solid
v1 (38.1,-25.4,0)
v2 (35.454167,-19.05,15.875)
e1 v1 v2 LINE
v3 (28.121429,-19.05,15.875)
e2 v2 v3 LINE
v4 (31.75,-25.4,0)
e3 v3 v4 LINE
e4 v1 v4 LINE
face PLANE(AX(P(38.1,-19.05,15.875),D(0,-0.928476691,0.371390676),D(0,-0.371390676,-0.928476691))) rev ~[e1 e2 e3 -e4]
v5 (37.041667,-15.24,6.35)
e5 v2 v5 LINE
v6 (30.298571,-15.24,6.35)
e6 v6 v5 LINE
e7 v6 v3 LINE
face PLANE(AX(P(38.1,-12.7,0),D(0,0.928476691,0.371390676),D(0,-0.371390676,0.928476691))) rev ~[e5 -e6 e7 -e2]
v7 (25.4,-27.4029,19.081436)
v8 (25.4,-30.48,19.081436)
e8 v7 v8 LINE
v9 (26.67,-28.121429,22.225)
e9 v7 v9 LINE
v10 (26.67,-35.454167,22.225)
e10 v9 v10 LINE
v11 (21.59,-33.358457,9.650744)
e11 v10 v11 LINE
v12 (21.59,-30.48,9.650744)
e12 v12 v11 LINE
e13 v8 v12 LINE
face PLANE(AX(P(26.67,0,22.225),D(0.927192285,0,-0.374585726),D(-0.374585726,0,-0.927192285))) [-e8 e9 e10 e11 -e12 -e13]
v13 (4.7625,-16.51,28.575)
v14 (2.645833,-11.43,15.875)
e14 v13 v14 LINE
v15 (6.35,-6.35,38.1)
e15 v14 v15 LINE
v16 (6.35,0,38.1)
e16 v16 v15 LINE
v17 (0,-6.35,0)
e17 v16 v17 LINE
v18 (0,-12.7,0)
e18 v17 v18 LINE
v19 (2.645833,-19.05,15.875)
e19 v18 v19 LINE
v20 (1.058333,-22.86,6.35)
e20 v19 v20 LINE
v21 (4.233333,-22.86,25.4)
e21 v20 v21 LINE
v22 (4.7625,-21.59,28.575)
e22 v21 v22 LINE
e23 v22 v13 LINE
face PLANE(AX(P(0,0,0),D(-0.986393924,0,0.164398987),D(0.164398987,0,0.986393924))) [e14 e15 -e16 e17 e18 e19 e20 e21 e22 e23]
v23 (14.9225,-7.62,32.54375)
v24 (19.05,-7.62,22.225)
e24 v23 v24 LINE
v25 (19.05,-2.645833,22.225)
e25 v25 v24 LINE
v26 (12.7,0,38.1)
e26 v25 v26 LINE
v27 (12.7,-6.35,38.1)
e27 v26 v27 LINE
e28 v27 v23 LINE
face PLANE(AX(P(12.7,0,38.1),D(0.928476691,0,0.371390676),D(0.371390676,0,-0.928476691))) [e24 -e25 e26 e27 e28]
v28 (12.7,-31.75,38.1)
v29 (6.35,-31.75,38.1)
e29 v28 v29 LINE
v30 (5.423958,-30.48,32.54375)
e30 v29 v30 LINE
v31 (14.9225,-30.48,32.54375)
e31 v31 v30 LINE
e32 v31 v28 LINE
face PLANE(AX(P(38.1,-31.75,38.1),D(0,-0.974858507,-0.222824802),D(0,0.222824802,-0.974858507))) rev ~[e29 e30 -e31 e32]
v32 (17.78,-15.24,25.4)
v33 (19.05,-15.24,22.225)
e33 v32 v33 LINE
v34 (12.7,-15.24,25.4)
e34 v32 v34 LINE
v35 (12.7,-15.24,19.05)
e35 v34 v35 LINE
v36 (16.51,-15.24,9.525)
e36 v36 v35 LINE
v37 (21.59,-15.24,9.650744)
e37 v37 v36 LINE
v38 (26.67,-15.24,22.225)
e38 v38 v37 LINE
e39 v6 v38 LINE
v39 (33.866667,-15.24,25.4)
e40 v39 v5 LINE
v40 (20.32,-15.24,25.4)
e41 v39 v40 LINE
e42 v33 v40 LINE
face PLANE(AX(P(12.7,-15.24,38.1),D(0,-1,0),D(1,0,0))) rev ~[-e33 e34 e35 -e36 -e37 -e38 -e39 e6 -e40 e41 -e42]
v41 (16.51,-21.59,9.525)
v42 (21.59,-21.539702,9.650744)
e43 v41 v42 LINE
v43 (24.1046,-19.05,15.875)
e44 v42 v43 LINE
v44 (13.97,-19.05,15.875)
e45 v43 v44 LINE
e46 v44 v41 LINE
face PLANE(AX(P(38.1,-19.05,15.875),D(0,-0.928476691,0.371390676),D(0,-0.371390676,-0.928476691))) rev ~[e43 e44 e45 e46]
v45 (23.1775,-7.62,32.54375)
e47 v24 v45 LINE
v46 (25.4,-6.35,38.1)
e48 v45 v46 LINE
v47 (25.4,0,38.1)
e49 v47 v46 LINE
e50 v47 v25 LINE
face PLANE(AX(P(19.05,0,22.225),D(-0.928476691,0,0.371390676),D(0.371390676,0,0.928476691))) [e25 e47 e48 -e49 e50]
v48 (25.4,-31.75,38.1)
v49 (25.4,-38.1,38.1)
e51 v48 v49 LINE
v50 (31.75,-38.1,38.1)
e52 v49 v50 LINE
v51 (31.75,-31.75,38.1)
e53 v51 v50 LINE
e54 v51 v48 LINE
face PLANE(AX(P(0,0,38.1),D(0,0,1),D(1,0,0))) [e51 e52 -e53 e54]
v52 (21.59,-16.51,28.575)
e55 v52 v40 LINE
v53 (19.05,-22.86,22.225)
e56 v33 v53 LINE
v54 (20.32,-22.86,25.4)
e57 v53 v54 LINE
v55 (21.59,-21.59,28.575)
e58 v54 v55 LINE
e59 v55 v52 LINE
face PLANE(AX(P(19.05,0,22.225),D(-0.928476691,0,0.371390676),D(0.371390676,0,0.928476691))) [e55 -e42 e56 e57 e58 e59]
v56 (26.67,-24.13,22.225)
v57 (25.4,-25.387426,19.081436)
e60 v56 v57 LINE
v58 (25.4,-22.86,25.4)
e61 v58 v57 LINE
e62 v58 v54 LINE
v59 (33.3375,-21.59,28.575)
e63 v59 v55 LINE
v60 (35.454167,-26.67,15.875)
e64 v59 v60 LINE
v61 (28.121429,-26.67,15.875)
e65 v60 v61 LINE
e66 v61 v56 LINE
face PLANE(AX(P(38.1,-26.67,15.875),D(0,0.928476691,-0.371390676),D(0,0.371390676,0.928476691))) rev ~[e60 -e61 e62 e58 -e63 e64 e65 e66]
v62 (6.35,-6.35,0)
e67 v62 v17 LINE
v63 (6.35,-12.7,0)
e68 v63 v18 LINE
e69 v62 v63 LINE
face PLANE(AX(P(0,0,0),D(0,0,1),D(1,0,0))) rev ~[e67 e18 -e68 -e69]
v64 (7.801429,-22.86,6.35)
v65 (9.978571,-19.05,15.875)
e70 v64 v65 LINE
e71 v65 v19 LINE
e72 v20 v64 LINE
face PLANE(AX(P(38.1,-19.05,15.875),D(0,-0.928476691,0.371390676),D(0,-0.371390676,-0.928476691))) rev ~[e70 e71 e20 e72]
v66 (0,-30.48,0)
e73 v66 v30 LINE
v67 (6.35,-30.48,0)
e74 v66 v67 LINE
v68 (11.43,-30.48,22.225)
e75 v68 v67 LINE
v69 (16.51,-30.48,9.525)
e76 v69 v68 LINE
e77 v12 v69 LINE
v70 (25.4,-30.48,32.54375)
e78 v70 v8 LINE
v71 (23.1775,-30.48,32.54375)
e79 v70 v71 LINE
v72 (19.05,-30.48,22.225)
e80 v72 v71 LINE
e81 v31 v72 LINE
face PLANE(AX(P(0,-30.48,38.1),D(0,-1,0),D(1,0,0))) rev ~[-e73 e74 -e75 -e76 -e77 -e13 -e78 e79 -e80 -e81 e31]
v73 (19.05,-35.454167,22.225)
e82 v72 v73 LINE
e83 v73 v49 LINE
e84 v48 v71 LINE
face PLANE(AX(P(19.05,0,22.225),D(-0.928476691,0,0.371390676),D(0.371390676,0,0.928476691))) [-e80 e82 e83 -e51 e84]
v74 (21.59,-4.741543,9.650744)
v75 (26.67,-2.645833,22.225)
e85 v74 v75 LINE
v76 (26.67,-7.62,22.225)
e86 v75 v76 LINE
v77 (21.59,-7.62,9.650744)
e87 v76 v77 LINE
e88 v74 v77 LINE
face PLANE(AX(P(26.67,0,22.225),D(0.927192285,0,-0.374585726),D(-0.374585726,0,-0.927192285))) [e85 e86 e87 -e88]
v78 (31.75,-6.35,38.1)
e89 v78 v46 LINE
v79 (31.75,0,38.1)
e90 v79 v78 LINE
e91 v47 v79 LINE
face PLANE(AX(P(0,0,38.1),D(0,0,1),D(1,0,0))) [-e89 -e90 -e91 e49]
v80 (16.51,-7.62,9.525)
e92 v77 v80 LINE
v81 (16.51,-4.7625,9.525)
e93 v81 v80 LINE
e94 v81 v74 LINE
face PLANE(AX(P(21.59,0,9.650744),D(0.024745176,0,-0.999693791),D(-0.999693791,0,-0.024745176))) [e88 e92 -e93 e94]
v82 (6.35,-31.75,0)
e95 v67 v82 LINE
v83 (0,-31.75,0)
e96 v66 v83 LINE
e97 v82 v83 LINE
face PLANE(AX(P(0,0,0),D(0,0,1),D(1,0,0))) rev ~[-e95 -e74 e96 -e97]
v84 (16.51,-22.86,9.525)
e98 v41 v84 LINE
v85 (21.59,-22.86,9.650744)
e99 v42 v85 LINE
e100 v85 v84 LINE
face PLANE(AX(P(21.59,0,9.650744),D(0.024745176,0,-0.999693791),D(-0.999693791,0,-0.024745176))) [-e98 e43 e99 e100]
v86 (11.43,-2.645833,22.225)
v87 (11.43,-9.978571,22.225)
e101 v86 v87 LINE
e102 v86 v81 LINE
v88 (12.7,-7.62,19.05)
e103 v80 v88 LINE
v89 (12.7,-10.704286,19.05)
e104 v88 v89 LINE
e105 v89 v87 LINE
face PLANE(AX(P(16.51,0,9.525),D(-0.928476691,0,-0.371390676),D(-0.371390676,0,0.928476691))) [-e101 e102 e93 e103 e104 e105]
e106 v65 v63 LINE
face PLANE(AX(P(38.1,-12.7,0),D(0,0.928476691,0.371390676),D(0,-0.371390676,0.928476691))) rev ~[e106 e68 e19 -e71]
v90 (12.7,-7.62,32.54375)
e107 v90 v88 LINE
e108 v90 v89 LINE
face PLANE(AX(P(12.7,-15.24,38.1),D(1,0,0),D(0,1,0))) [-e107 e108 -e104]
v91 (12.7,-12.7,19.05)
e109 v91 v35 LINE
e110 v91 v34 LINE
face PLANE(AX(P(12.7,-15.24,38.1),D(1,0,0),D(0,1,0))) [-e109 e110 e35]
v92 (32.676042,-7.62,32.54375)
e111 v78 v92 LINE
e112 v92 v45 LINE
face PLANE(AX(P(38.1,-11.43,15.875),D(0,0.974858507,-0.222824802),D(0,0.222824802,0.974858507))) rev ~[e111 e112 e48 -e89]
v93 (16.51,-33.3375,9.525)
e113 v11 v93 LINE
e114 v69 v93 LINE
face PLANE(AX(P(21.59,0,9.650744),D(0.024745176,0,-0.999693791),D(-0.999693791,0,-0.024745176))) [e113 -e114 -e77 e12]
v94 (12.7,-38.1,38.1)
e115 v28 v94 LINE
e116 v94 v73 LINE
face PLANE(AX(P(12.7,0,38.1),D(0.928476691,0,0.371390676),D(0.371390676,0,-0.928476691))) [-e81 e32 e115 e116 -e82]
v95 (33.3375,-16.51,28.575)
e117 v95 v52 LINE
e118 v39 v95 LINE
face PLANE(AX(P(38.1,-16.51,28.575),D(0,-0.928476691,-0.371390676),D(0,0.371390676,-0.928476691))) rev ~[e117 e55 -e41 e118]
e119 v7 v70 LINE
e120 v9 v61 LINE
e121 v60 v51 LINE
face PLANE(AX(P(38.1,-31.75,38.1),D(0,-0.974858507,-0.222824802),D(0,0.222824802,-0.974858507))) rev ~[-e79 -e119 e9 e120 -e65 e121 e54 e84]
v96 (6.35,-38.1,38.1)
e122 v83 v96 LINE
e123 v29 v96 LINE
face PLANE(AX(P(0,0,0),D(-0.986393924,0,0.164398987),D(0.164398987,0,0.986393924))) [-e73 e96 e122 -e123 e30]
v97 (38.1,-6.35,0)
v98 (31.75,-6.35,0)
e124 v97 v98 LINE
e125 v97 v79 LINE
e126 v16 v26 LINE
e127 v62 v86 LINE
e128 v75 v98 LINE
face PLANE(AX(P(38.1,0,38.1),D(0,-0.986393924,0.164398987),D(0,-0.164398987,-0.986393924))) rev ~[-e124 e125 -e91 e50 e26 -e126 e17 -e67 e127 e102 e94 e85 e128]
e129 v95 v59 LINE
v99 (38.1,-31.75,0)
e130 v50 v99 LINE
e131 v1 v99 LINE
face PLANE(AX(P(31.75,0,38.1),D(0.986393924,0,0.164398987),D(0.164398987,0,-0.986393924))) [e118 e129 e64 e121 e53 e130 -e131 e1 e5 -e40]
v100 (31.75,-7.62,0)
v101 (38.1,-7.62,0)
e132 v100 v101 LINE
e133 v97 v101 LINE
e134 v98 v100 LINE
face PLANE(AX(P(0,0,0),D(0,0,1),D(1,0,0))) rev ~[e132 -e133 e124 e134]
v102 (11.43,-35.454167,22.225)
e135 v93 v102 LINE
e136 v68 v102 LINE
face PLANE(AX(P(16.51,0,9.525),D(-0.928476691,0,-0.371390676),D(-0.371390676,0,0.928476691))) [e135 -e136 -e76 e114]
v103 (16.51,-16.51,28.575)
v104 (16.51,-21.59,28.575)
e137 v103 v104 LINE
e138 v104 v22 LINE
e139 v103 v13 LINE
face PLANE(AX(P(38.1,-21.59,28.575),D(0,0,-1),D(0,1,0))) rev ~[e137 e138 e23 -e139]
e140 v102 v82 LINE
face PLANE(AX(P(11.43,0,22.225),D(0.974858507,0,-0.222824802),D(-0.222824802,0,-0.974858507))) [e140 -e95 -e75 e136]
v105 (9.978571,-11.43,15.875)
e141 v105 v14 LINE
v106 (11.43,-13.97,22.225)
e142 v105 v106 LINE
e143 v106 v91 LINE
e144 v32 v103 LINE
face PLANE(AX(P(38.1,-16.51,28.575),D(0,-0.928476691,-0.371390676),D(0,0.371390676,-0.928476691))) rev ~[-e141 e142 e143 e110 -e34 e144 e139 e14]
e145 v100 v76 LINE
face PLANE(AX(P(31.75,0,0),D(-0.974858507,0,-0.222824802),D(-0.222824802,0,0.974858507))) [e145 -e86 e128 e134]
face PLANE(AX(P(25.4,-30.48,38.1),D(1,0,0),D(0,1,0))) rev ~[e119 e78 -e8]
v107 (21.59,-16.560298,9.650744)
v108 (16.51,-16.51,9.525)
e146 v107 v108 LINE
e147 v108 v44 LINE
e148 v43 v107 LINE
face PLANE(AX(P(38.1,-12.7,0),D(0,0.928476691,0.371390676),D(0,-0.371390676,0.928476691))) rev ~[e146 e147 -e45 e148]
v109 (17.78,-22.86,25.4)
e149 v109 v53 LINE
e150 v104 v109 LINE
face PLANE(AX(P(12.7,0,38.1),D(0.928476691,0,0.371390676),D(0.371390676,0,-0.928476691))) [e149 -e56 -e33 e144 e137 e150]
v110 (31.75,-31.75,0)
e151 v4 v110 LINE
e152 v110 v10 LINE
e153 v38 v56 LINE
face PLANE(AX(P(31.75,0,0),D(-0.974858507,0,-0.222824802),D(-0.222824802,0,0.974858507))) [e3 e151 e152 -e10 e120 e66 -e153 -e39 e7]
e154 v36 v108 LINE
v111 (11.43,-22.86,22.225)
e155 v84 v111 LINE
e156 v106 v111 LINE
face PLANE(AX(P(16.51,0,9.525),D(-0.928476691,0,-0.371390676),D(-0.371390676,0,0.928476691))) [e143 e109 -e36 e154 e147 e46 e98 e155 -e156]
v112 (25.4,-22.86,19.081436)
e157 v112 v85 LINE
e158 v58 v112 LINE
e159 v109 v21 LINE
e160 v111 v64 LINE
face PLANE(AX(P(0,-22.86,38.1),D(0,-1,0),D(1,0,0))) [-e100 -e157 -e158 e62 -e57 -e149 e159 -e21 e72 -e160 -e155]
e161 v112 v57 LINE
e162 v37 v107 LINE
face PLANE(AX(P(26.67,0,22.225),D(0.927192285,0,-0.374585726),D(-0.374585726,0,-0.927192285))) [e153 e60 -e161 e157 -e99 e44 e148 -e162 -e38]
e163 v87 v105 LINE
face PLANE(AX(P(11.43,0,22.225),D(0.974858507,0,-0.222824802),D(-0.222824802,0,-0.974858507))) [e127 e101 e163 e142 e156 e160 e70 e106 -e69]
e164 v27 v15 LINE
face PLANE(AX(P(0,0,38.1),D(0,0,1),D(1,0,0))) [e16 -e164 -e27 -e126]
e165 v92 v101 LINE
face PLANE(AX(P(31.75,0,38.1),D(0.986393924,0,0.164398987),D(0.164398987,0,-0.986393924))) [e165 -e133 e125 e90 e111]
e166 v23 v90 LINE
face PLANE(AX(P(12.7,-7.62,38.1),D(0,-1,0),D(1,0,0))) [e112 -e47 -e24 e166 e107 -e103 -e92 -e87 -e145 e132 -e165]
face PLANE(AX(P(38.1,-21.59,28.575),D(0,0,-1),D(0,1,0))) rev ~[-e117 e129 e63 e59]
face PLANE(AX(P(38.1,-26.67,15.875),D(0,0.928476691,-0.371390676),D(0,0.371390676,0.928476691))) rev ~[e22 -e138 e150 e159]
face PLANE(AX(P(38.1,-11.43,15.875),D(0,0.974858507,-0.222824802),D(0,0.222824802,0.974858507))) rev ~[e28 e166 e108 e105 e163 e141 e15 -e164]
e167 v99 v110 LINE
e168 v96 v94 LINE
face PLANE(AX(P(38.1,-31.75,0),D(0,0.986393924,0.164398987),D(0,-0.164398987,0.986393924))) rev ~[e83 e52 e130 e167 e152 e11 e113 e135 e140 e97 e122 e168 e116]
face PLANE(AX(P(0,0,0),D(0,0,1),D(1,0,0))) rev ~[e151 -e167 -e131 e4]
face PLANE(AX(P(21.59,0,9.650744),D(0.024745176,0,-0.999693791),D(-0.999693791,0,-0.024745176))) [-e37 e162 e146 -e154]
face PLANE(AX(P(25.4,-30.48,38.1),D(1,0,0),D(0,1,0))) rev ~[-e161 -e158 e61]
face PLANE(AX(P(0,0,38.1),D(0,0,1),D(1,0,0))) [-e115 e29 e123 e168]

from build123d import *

# Parameters (mm, degrees)
F0_W      = 38.1
F0_H      = 38.1
F1_DEPTH  = 38.1
F6_DEPTH  = 38.1
F8_DEPTH  = 38.1
F9_W      = 25.4
F9_H      = 7.62
F10_DEPTH = 38.1


with BuildPart() as f1:
    # F0 (on Front) → F1 (new body)
    with BuildSketch(Plane.XZ):
        with Locations((19.05, 19.05)):
            Rectangle(F0_W, F0_H)
    extrude(amount=F1_DEPTH)

    # F5 (on offset) → F6 (cut)
    with BuildSketch(Plane.YZ.offset(38.1)):
        Polygon((-11.43, 15.875), (-6.35, 38.1), (-31.75, 38.1), (-26.67, 15.875), (-21.59, 28.575), (-16.51, 28.575), align=None)
        Polygon((-31.75, 0), (-38.1, 38.1), (-38.1, 0), align=None)
        Polygon((-25.4, 0), (-12.7, 0), (-19.05, 15.875), align=None)
        Polygon((-6.35, 0), (0, 0), (0, 38.1), align=None)
    extrude(amount=-F6_DEPTH, mode=Mode.SUBTRACT)

    # F7 (on Front) → F8 (cut)
    with BuildSketch(Plane.XZ):
        Polygon((11.43, 22.225), (6.35, 0), (31.75, 0), (26.67, 22.225), (21.59, 9.650744), (16.51, 9.525), align=None)
        Polygon((31.75, 38.1), (38.1, 0), (38.1, 38.1), align=None)
        Polygon((25.4, 38.1), (12.7, 38.1), (19.05, 22.225), align=None)
        Polygon((0, 38.1), (0, 0), (6.35, 38.1), align=None)
    extrude(amount=F8_DEPTH, mode=Mode.SUBTRACT)

    # F9 (on offset) → F10 (cut)
    with BuildSketch(Plane.XY.offset(38.1)):
        with Locations((25.4, -11.43)):
            Rectangle(F9_W, F9_H)
        with Locations((12.7, -26.67)):
            Rectangle(F9_W, F9_H)
    extrude(amount=-F10_DEPTH, mode=Mode.SUBTRACT)


solid = f1.part
